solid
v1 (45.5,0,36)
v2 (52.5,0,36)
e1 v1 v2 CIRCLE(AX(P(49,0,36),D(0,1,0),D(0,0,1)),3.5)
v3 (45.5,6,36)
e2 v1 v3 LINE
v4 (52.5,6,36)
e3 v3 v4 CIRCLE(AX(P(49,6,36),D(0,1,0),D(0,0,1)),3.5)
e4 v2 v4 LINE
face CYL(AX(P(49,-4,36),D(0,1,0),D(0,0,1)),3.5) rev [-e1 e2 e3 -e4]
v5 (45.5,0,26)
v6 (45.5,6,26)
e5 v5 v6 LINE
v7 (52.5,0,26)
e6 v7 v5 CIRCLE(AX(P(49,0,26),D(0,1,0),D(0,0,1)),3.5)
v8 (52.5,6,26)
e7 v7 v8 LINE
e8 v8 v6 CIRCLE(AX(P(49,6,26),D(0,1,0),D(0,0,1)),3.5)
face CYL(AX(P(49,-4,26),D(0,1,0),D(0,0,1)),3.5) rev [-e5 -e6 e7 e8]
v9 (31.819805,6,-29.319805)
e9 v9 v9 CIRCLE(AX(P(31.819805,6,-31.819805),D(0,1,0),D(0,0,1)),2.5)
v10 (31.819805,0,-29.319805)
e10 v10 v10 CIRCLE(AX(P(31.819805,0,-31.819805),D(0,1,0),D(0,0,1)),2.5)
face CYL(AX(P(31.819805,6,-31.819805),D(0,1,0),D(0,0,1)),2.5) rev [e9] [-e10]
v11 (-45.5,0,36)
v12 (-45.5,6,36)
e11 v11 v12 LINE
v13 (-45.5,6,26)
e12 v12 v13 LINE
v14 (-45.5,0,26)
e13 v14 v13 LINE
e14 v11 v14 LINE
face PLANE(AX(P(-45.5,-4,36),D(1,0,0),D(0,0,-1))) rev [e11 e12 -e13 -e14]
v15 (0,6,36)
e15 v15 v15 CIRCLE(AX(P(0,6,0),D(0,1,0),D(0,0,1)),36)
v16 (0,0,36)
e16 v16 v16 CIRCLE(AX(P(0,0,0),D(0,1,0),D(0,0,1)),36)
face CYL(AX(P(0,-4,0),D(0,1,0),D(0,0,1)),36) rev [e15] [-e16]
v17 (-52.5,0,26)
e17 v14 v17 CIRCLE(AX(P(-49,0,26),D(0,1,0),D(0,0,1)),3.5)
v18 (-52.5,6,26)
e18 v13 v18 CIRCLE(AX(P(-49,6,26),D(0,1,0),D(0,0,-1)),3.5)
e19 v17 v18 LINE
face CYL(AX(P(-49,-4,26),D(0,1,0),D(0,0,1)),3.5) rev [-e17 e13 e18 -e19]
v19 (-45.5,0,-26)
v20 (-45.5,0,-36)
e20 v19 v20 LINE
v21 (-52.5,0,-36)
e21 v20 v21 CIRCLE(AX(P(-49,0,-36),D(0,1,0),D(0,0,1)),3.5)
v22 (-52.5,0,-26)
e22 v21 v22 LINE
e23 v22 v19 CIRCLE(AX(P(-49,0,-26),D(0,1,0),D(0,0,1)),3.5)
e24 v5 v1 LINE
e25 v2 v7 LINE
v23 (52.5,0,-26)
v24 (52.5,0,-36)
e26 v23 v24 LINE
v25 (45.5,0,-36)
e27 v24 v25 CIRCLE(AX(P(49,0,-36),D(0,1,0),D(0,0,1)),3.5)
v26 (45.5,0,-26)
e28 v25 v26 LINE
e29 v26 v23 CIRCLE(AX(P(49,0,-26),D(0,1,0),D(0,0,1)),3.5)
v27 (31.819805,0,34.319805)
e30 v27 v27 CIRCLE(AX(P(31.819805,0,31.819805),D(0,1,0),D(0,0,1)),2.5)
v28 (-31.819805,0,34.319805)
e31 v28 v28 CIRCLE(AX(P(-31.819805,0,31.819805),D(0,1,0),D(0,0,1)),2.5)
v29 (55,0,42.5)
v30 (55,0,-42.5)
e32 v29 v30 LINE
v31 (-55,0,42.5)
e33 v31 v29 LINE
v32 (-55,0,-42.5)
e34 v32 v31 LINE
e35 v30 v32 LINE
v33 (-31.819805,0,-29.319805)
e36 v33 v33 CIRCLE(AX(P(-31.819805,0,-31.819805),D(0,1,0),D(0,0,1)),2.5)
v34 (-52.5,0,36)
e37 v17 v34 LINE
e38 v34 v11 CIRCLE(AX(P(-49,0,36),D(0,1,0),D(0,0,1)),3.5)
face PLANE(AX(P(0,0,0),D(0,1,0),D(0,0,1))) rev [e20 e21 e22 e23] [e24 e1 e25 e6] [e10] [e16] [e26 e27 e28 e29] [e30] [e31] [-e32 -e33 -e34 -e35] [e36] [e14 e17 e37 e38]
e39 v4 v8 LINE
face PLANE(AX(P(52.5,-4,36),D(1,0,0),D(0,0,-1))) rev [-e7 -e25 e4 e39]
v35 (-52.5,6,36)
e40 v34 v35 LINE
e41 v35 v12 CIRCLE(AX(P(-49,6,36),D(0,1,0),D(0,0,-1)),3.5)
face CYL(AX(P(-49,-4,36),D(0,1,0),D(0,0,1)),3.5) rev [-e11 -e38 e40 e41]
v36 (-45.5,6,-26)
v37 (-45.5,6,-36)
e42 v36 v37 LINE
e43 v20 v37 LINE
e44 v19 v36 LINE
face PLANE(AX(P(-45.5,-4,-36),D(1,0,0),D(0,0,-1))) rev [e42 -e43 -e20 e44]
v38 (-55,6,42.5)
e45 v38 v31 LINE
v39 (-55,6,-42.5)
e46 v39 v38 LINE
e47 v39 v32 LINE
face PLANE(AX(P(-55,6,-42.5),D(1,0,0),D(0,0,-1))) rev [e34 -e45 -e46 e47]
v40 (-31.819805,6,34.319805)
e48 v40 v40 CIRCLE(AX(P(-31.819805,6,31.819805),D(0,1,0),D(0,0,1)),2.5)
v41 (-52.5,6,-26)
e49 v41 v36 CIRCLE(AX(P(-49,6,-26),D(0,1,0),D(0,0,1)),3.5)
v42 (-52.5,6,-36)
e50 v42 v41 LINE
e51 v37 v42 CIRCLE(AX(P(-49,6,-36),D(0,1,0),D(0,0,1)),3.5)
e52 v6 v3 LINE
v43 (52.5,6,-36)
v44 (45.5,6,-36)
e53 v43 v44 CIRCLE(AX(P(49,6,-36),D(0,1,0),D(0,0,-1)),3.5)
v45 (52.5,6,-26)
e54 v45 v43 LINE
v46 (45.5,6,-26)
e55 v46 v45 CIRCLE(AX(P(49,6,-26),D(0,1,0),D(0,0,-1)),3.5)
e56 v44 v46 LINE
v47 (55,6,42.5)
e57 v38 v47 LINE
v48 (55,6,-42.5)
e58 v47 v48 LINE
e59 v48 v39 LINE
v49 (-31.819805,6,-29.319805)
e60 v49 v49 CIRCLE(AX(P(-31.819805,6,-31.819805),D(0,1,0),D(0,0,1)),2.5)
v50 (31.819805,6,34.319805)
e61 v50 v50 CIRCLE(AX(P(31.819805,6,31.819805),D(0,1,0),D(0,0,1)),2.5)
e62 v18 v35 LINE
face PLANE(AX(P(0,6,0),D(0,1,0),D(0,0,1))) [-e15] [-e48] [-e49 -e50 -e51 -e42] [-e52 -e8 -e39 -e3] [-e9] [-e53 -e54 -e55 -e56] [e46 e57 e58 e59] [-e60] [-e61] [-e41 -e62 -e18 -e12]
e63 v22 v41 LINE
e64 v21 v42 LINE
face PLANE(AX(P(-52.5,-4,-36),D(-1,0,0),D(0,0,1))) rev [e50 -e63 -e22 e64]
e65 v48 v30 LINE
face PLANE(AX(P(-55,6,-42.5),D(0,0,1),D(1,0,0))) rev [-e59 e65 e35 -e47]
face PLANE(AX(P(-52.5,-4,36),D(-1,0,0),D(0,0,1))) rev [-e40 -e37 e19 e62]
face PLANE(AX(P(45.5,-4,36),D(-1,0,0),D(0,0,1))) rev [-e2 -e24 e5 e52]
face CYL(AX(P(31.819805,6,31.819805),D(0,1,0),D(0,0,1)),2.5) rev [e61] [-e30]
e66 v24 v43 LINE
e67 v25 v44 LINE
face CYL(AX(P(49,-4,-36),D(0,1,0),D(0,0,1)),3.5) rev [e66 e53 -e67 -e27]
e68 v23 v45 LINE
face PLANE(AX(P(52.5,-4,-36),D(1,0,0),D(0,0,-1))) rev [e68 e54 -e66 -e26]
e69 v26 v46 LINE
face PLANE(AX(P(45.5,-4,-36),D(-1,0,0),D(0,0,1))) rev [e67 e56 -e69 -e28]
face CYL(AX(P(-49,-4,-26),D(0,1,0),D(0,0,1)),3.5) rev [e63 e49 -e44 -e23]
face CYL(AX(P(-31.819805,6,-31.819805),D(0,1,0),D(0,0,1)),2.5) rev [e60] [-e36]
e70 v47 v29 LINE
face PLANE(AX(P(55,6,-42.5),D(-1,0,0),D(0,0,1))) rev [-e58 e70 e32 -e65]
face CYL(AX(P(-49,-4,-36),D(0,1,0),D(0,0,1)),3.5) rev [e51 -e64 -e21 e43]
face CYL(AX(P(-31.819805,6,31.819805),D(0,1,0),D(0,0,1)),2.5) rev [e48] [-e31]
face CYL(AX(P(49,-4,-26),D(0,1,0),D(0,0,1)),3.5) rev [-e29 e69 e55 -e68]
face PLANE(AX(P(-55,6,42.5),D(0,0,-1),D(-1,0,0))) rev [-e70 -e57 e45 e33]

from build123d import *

# Parameters (mm, degrees)
SKETCH_1_W             = 110
SKETCH_1_H             = 85
EXTRUDE_1_DEPTH        = 6
SKETCH_2_R             = 36
CUT_EXTRUDE_1_DEPTH    = 10
CUT_EXTRUDE_2_DEPTH    = 10
HOLE_WIZARD_M6_1_D     = 5
HOLE_WIZARD_M6_1_DEPTH = 15
HOLE_WIZARD_M6_1_TIP   = 1.502151548


with BuildPart() as part:
    # 草图1 → 凸台-拉伸1 (new body)
    with BuildSketch(Plane(origin=(0, 0, 0), x_dir=(1, 0, 0), z_dir=(0, 1, 0))):
        Rectangle(SKETCH_1_W, SKETCH_1_H)
    extrude(amount=EXTRUDE_1_DEPTH)

    # 草图2 → 切除-拉伸1 (cut)
    with BuildSketch(Plane(origin=(0, 6, 0), x_dir=(1, 0, 0), z_dir=(0, 1, 0))):
        Circle(SKETCH_2_R)
    extrude(amount=-CUT_EXTRUDE_1_DEPTH, mode=Mode.SUBTRACT)

    # 草图3 → 切除-拉伸2 (cut)
    with BuildSketch(Plane(origin=(0, 6, 0), x_dir=(1, 0, 0), z_dir=(0, 1, 0))):
        with BuildLine():
            Line((-45.5, 36), (-45.5, 26))
            ThreePointArc((-45.5, 26), (-49, 22.5), (-52.5, 26))
            Line((-52.5, 26), (-52.5, 36))
            ThreePointArc((-52.5, 36), (-49, 39.5), (-45.5, 36))
        make_face()
        with BuildLine():
            Line((45.5, 36), (45.5, 26))
            ThreePointArc((45.5, 26), (49, 22.5), (52.5, 26))
            Line((52.5, 26), (52.5, 36))
            ThreePointArc((52.5, 36), (49, 39.5), (45.5, 36))
        make_face()
        with BuildLine():
            Line((-45.5, -36), (-45.5, -26))
            ThreePointArc((-45.5, -26), (-49, -22.5), (-52.5, -26))
            Line((-52.5, -26), (-52.5, -36))
            ThreePointArc((-52.5, -36), (-49, -39.5), (-45.5, -36))
        make_face()
        with BuildLine():
            Line((45.5, -36), (45.5, -26))
            ThreePointArc((45.5, -26), (49, -22.5), (52.5, -26))
            Line((52.5, -26), (52.5, -36))
            ThreePointArc((52.5, -36), (49, -39.5), (45.5, -36))
        make_face()
    extrude(amount=-CUT_EXTRUDE_2_DEPTH, mode=Mode.SUBTRACT)

    # M6 螺纹孔1
    with Locations(Plane(origin=(-31.819805153, 6, -31.819805153), x_dir=(0, 0, 1), z_dir=(0, 1, 0))):
        with Locations((0, 0), (0, 63.639610306), (63.639610306, 63.639610306), (63.639610306, 0)):
            Hole(HOLE_WIZARD_M6_1_D / 2, depth=HOLE_WIZARD_M6_1_DEPTH)
            with Locations((0, 0, -(HOLE_WIZARD_M6_1_DEPTH + HOLE_WIZARD_M6_1_TIP / 2))):  # 118° drill point
                Cone(0, HOLE_WIZARD_M6_1_D / 2, HOLE_WIZARD_M6_1_TIP, mode=Mode.SUBTRACT)


solid = part.part
